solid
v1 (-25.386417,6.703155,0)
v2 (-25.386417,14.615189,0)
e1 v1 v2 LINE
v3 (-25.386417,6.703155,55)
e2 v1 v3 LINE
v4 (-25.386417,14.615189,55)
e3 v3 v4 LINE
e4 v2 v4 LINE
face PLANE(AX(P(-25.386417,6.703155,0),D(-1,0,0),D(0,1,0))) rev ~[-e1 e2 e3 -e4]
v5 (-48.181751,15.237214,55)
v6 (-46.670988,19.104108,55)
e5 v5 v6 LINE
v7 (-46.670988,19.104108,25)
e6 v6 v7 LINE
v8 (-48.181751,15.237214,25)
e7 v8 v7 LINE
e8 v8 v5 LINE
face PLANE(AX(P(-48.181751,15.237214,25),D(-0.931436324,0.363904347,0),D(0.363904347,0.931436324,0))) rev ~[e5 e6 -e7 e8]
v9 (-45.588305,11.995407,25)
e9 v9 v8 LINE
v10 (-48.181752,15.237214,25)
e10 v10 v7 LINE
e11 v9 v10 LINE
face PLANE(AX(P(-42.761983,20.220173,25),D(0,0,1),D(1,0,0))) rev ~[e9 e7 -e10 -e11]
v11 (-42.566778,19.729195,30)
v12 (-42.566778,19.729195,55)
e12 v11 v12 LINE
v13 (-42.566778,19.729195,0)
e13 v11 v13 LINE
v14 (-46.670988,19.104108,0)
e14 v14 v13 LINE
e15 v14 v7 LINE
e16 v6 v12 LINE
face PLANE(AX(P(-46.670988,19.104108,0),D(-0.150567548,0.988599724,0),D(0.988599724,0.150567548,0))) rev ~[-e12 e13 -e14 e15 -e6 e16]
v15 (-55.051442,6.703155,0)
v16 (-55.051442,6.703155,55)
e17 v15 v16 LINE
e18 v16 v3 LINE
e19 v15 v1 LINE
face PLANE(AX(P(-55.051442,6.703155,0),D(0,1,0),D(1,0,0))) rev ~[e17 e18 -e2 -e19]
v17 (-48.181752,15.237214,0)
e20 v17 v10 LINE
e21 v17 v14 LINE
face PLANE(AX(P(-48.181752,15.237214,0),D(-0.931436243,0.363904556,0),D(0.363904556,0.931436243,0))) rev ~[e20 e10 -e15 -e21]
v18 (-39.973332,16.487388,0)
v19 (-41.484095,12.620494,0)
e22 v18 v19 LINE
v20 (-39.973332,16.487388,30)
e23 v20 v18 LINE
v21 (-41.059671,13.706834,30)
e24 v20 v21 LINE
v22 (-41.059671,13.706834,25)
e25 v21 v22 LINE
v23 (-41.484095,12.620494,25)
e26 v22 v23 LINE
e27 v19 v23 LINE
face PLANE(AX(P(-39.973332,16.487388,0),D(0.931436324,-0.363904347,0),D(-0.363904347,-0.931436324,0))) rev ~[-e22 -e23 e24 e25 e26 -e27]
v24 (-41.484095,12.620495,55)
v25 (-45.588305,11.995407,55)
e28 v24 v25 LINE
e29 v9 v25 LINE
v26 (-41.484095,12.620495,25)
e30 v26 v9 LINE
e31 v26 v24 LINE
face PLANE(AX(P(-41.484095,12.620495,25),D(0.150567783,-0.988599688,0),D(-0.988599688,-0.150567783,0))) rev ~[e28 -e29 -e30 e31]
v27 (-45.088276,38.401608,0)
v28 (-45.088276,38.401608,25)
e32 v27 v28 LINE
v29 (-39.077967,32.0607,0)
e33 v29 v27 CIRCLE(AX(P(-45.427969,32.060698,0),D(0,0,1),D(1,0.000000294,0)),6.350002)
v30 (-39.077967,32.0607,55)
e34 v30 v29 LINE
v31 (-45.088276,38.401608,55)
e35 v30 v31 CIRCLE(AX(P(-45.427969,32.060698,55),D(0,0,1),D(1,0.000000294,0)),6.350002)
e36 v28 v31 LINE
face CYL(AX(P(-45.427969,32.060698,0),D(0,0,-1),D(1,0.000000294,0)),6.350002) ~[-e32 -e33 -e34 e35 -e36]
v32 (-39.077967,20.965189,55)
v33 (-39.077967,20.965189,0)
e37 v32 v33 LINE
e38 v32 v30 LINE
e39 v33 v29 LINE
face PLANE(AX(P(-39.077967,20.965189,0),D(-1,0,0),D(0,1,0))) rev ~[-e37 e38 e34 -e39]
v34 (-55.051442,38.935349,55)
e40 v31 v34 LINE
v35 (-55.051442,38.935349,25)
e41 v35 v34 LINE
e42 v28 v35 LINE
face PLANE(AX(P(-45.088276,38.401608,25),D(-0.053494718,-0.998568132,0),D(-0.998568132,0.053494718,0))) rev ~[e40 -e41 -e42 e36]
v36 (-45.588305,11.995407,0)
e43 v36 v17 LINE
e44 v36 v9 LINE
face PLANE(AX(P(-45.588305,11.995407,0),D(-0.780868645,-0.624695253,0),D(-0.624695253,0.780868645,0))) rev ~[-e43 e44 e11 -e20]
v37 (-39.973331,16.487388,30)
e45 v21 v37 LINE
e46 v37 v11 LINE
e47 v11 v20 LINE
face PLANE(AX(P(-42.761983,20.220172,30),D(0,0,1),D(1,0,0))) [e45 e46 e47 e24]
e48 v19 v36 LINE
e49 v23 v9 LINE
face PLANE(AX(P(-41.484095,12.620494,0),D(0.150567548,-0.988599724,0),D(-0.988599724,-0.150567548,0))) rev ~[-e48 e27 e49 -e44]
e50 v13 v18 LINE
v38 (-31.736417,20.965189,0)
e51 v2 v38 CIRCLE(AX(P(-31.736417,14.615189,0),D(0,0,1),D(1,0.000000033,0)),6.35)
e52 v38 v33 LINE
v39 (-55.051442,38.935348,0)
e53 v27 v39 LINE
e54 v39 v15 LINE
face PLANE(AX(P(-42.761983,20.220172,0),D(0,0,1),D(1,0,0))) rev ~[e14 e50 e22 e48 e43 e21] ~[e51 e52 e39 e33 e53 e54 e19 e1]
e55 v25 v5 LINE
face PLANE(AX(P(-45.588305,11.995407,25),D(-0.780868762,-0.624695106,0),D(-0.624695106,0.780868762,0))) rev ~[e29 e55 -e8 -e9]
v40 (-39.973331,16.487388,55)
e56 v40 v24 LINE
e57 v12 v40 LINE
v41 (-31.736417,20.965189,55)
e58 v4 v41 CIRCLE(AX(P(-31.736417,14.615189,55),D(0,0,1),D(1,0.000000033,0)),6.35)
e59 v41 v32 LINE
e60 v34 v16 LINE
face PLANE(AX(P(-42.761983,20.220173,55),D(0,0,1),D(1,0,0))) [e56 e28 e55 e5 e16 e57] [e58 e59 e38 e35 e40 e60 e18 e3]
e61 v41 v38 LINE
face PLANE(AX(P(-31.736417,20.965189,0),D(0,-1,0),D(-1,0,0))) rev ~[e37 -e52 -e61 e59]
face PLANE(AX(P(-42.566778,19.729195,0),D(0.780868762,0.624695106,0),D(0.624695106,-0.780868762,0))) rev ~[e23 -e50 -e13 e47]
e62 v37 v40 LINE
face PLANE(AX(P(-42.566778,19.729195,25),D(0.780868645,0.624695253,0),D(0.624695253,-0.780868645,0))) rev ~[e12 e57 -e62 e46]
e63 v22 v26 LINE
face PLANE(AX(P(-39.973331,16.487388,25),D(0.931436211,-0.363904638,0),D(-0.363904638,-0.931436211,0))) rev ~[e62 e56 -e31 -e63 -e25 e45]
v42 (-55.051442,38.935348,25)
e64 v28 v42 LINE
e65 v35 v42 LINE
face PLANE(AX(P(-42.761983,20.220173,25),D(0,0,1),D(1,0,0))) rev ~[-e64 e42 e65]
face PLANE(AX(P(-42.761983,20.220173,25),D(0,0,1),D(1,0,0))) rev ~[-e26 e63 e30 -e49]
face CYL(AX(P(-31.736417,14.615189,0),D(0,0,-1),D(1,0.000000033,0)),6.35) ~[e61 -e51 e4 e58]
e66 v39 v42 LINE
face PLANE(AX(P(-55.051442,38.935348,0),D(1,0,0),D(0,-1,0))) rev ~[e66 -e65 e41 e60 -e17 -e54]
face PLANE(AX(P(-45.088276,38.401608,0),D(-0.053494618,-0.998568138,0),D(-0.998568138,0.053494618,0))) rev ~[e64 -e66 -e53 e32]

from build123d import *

# Parameters (mm, degrees)
F1_DEPTH = 25
F2_DEPTH = 30


with BuildPart() as f1:
    # F0 (on Top) → F1 (new body)
    with BuildSketch(Plane.XY):
        with BuildLine():
            Line((-45.088276, 38.401608), (-55.051442, 38.935348))
            Line((-55.051442, 38.935348), (-55.051442, 6.703155))
            Line((-55.051442, 6.703155), (-25.386417, 6.703155))
            Line((-25.386417, 6.703155), (-25.386417, 14.615189))
            ThreePointArc((-25.386417, 14.615189), (-27.246289, 19.105317), (-31.736417, 20.965189))
            Line((-31.736417, 20.965189), (-39.077967, 20.965189))
            Line((-39.077967, 20.965189), (-39.077967, 32.0607))
            ThreePointArc((-39.077967, 32.0607), (-40.819305, 36.429078), (-45.088276, 38.401608))
        make_face()
        Polygon((-41.484095, 12.620494), (-45.588305, 11.995407), (-48.181752, 15.237214), (-46.670988, 19.104108), (-42.566778, 19.729195), (-39.973332, 16.487388), align=None, mode=Mode.SUBTRACT)
    extrude(amount=F1_DEPTH)

    # F0 (on Top) + F1_face (on face) → F2 (join)
    with BuildSketch(Plane.XY):
        with BuildLine():
            Line((-45.088276, 38.401608), (-55.051442, 38.935348))
            Line((-55.051442, 38.935348), (-55.051442, 6.703155))
            Line((-55.051442, 6.703155), (-25.386417, 6.703155))
            Line((-25.386417, 6.703155), (-25.386417, 14.615189))
            ThreePointArc((-25.386417, 14.615189), (-27.246289, 19.105317), (-31.736417, 20.965189))
            Line((-31.736417, 20.965189), (-39.077967, 20.965189))
            Line((-39.077967, 20.965189), (-39.077967, 32.0607))
            ThreePointArc((-39.077967, 32.0607), (-40.819305, 36.429078), (-45.088276, 38.401608))
        make_face()
        Polygon((-41.484095, 12.620494), (-45.588305, 11.995407), (-48.181752, 15.237214), (-46.670988, 19.104108), (-42.566778, 19.729195), (-39.973332, 16.487388), align=None, mode=Mode.SUBTRACT)
    with BuildSketch(Plane(origin=(-43.143558, 20.28175, 25), x_dir=(1, 0, 0), z_dir=(0, 0, 1))):
        with BuildLine():
            Line((-1.944718, 18.119858), (-11.907884, 18.653599))
            Line((-11.907884, 18.653599), (-11.907884, -13.578595))
            Line((-11.907884, -13.578595), (17.757141, -13.578595))
            Line((17.757141, -13.578595), (17.757141, -5.666561))
            ThreePointArc((17.757141, -5.666561), (15.897269, -1.176433), (11.407141, 0.683439))
            Line((11.407141, 0.683439), (4.065591, 0.683439))
            Line((4.065591, 0.683439), (4.065591, 11.77895))
            ThreePointArc((4.065591, 11.77895), (2.324253, 16.147328), (-1.944718, 18.119858))
        make_face()
        Polygon((1.659463, -7.661255), (-2.444747, -8.286343), (-5.038193, -5.044536), (-3.52743, -1.177642), (0.57678, -0.552555), (3.170227, -3.794362), align=None, mode=Mode.SUBTRACT)
    extrude(amount=F2_DEPTH)


solid = f1.part
